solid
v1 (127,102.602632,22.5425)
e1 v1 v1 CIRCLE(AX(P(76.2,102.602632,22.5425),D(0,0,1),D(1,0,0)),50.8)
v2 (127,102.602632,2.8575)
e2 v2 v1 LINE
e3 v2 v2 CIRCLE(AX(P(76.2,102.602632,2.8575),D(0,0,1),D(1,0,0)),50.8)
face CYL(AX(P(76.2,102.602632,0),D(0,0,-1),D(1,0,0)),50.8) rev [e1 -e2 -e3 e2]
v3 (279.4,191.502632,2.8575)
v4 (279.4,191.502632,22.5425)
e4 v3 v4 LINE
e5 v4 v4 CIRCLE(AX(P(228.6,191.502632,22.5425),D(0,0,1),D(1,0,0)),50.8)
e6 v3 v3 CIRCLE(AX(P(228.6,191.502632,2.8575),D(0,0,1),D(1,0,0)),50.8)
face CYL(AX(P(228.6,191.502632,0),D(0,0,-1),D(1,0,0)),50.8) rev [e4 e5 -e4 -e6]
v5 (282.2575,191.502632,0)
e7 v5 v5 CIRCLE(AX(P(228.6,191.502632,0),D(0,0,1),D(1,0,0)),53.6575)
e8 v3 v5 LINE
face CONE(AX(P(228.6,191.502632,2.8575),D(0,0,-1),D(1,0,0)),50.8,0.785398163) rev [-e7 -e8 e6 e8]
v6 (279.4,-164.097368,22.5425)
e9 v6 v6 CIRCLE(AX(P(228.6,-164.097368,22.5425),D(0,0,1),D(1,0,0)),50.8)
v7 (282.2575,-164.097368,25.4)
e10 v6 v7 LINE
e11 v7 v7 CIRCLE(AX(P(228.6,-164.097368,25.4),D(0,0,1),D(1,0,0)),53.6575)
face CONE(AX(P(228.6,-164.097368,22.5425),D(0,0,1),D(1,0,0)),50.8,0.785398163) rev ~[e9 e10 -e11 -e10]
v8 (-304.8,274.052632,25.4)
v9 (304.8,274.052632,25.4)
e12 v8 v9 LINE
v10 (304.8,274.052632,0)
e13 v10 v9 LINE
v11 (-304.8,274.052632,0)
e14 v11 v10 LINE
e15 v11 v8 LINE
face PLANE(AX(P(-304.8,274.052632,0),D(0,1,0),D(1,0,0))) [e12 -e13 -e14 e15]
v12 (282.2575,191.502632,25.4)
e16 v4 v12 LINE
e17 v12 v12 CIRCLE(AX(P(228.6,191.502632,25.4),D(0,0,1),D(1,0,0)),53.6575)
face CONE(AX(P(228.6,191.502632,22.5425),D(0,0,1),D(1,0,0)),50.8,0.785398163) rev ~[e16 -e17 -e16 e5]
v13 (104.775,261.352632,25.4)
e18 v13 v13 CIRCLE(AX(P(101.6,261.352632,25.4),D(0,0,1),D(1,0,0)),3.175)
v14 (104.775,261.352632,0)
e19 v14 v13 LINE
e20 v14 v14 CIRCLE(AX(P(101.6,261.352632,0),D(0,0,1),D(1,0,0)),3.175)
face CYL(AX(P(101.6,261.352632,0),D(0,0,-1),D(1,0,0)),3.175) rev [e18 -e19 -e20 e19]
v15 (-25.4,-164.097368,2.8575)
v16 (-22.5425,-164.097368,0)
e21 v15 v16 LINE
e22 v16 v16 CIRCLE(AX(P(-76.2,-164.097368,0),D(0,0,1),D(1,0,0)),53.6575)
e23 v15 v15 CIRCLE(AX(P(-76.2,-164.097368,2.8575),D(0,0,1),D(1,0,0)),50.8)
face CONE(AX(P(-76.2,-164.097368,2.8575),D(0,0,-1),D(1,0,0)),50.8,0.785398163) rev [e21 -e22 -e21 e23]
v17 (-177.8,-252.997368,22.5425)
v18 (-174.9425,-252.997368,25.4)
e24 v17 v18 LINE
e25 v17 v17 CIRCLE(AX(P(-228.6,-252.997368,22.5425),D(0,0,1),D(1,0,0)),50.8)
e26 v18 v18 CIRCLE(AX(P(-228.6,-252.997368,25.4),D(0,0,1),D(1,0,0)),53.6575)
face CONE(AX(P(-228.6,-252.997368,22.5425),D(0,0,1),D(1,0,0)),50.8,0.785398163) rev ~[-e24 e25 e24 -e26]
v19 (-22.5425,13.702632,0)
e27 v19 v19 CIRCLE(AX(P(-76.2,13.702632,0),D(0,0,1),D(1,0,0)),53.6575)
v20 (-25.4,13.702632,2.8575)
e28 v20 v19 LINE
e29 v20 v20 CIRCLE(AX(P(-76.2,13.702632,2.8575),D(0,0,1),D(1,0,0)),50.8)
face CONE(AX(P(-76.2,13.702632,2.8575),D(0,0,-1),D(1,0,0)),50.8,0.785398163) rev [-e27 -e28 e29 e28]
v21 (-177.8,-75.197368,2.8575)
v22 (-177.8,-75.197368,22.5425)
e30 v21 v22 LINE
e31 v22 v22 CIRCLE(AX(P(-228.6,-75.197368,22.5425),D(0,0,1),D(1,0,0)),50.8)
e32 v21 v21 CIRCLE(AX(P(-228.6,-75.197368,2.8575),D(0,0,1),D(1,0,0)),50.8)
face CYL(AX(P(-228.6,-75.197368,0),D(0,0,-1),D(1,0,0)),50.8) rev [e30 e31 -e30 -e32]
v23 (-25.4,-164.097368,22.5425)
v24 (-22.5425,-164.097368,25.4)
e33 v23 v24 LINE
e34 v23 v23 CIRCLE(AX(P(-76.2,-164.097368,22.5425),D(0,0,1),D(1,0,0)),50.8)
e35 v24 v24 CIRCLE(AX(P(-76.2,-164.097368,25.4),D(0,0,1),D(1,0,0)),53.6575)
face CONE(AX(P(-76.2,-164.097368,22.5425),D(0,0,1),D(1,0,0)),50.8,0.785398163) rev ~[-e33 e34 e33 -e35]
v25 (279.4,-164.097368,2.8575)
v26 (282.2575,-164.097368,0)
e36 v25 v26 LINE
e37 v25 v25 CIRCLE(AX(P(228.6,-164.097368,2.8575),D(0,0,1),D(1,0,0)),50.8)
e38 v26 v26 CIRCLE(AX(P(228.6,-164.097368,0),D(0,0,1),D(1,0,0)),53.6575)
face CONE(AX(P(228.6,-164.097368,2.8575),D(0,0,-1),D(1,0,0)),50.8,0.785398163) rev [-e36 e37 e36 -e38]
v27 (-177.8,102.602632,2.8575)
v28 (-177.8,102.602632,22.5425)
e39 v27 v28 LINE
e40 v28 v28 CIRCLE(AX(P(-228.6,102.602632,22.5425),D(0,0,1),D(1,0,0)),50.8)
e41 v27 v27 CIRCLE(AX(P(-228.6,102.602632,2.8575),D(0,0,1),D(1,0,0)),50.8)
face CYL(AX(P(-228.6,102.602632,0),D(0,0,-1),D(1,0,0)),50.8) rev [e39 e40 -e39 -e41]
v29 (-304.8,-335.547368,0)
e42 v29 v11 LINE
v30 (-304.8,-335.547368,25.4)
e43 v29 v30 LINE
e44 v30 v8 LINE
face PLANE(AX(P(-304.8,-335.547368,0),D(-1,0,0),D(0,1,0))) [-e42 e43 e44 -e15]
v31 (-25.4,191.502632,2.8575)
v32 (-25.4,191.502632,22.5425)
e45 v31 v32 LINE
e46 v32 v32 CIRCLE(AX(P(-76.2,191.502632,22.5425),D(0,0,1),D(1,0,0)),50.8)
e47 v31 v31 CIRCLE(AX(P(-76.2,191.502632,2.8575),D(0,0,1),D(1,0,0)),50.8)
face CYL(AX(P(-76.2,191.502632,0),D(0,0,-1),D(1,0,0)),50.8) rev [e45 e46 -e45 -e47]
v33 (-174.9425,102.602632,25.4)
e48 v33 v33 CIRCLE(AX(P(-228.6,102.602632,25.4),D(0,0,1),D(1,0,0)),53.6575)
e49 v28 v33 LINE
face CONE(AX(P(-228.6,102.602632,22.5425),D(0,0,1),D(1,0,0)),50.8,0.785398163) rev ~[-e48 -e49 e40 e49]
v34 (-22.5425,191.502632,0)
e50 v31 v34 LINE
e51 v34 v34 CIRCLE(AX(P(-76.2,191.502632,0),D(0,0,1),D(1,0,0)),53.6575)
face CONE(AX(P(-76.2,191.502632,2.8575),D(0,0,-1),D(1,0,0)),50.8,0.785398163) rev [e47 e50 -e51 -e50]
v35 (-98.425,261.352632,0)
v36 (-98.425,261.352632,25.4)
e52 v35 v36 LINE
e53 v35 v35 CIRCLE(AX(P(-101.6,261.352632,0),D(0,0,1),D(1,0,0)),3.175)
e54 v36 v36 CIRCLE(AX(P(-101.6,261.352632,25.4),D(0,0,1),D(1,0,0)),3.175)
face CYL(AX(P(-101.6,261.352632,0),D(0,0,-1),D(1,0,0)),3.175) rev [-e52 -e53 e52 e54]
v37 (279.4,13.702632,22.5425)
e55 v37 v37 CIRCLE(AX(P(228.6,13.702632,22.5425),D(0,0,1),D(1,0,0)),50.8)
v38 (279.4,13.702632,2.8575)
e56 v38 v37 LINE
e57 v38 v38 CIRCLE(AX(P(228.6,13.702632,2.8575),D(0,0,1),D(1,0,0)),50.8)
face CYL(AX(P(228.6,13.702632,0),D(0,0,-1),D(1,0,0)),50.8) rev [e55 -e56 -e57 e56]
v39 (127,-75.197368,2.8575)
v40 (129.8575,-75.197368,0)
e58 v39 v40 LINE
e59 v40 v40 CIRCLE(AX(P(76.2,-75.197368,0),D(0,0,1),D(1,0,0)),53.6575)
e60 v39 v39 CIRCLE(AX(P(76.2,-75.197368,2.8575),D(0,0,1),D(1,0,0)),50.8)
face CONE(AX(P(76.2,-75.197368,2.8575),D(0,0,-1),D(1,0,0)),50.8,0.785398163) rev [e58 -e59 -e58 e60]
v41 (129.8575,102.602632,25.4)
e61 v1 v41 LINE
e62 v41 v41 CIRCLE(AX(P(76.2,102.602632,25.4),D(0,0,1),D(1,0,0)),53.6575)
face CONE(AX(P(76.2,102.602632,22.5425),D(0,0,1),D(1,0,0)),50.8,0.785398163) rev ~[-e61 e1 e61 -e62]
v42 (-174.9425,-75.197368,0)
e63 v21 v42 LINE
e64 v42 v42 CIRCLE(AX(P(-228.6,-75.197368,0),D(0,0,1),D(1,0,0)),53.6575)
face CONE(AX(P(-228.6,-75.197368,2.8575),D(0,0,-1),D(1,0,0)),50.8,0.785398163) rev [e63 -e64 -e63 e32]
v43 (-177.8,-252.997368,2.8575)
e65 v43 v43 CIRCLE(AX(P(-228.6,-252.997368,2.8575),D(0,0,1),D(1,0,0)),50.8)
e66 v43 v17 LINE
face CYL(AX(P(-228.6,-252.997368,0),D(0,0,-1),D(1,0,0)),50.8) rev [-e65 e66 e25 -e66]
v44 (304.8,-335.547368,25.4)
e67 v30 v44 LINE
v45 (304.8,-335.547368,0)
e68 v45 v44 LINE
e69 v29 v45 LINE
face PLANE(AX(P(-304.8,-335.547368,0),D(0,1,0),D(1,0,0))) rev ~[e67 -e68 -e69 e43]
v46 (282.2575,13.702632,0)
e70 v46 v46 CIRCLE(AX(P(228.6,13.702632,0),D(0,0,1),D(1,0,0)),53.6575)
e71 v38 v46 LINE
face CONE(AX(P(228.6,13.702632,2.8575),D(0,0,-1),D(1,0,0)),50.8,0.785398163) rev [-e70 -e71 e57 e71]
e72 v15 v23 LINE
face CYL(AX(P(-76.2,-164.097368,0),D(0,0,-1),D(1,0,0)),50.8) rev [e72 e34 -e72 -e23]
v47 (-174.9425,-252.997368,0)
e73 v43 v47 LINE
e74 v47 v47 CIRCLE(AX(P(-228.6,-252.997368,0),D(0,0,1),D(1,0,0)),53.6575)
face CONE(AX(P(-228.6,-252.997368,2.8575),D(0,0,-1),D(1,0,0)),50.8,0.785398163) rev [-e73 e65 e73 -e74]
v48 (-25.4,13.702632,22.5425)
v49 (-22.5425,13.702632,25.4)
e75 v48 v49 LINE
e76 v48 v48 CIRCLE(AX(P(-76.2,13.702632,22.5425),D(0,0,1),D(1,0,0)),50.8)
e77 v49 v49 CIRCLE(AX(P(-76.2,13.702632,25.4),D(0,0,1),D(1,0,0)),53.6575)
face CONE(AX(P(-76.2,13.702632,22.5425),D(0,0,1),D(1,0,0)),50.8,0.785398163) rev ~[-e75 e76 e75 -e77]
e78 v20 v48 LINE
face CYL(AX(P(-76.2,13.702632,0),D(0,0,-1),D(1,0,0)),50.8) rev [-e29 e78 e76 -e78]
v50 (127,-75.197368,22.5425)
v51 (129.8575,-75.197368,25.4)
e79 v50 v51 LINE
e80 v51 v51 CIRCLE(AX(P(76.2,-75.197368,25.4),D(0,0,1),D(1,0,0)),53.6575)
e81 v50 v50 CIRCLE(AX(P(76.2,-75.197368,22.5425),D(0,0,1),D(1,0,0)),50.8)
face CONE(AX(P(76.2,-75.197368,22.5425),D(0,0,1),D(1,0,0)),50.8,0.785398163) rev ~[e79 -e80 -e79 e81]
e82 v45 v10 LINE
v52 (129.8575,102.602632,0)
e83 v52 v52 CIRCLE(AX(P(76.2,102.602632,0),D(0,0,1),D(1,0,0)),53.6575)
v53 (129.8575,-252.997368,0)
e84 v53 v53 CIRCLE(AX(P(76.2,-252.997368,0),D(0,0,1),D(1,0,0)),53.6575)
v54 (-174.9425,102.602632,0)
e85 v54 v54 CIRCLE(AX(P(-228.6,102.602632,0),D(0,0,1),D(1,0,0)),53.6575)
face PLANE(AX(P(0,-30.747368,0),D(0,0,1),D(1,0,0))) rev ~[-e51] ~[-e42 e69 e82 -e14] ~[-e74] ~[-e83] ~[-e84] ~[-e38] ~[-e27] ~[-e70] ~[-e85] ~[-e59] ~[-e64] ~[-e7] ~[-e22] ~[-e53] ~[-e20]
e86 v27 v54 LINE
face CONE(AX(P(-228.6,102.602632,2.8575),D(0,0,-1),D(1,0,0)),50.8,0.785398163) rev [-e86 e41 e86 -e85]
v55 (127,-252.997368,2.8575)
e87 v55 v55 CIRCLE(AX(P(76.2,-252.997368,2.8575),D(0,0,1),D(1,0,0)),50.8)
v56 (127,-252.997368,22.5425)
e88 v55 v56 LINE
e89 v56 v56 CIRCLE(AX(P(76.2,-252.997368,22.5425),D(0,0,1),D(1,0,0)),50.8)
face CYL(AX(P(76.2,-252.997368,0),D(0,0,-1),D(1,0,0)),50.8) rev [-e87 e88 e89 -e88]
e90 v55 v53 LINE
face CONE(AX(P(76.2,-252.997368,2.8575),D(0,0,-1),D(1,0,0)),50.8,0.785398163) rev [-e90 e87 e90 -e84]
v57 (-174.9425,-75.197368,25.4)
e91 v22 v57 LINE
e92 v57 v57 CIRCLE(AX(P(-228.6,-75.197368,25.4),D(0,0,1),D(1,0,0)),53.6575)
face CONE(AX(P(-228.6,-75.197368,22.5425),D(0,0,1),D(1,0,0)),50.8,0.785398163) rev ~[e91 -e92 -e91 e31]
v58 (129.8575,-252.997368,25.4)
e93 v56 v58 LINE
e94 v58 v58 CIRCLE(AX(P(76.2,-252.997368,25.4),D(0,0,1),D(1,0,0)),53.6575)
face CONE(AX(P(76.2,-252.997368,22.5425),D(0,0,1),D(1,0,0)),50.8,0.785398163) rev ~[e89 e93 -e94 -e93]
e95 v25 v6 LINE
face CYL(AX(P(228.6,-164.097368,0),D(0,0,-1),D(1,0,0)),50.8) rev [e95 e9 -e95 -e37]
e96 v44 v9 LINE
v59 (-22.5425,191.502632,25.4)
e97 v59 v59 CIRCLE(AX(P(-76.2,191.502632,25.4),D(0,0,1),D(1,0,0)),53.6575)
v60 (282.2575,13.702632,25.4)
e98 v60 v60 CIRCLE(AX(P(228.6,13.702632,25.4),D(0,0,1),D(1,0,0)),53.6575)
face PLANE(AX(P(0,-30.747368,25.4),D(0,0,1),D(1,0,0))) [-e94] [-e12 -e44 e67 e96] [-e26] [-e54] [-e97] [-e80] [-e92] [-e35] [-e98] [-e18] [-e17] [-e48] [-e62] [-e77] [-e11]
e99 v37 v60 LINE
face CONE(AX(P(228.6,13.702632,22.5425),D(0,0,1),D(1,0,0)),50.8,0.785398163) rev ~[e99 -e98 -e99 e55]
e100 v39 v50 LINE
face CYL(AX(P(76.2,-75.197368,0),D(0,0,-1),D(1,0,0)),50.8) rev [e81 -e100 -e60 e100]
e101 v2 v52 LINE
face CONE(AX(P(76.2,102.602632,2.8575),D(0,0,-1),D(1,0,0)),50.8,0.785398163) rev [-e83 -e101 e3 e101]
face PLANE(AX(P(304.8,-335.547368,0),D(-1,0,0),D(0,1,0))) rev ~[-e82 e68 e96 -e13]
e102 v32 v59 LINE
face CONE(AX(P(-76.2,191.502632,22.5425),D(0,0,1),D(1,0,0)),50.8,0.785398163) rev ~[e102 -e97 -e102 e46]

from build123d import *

# Parameters (mm, degrees)
F0_W     = 609.6
F0_H     = 609.6
F0_R     = 50.8
F0_R_2   = 3.175
F1_DEPTH = 25.4
F2_SIZE  = 2.8575


with BuildPart() as f1:
    # F0 (on Top) → F1 (new body)
    with BuildSketch(Plane.XY):
        with Locations((0, -30.747368)):
            Rectangle(F0_W, F0_H)
        with Locations((-228.6, -252.997368)):
            Circle(F0_R, mode=Mode.SUBTRACT)
        with Locations((-228.6, -75.197368)):
            Circle(F0_R, mode=Mode.SUBTRACT)
        with Locations((-76.2, -164.097368)):
            Circle(F0_R, mode=Mode.SUBTRACT)
        with Locations((76.2, -252.997368)):
            Circle(F0_R, mode=Mode.SUBTRACT)
        with Locations((76.2, -75.197368)):
            Circle(F0_R, mode=Mode.SUBTRACT)
        with Locations((228.6, -164.097368)):
            Circle(F0_R, mode=Mode.SUBTRACT)
        with Locations((-228.6, 102.602632)):
            Circle(F0_R, mode=Mode.SUBTRACT)
        with Locations((-76.2, 13.702632)):
            Circle(F0_R, mode=Mode.SUBTRACT)
        with Locations((-76.2, 191.502632)):
            Circle(F0_R, mode=Mode.SUBTRACT)
        with Locations((-101.6, 261.352632)):
            Circle(F0_R_2, mode=Mode.SUBTRACT)
        with Locations((76.2, 102.602632)):
            Circle(F0_R, mode=Mode.SUBTRACT)
        with Locations((228.6, 13.702632)):
            Circle(F0_R, mode=Mode.SUBTRACT)
        with Locations((101.6, 261.352632)):
            Circle(F0_R_2, mode=Mode.SUBTRACT)
        with Locations((228.6, 191.502632)):
            Circle(F0_R, mode=Mode.SUBTRACT)
    extrude(amount=F1_DEPTH)

    # F2
    f2_edges = [f1.edges().sort_by_distance(p)[0] for p in [
        (-25.4, -164.097368, 12.7),
        (-127, -164.097368, 0),
        (-127, -164.097368, 25.4),
        (-25.4, 13.702632, 12.7),
        (-127, 13.702632, 0),
        (-127, 13.702632, 25.4),
        (-177.8, 102.602632, 12.7),
        (-279.4, 102.602632, 0),
        (-279.4, 102.602632, 25.4),
        (-25.4, 191.502632, 12.7),
        (-127, 191.502632, 0),
        (-127, 191.502632, 25.4),
        (127, 102.602632, 12.7),
        (25.4, 102.602632, 0),
        (25.4, 102.602632, 25.4),
        (279.4, 191.502632, 12.7),
        (177.8, 191.502632, 0),
        (177.8, 191.502632, 25.4),
        (279.4, 13.702632, 12.7),
        (177.8, 13.702632, 0),
        (177.8, 13.702632, 25.4),
        (127, -75.197368, 12.7),
        (25.4, -75.197368, 0),
        (25.4, -75.197368, 25.4),
        (-177.8, -75.197368, 12.7),
        (-279.4, -75.197368, 0),
        (-279.4, -75.197368, 25.4),
        (-177.8, -252.997368, 12.7),
        (-279.4, -252.997368, 0),
        (-279.4, -252.997368, 25.4),
        (127, -252.997368, 12.7),
        (25.4, -252.997368, 0),
        (25.4, -252.997368, 25.4),
        (279.4, -164.097368, 12.7),
        (177.8, -164.097368, 0),
        (177.8, -164.097368, 25.4),
    ]]
    chamfer(f2_edges, length=F2_SIZE)


solid = f1.part
